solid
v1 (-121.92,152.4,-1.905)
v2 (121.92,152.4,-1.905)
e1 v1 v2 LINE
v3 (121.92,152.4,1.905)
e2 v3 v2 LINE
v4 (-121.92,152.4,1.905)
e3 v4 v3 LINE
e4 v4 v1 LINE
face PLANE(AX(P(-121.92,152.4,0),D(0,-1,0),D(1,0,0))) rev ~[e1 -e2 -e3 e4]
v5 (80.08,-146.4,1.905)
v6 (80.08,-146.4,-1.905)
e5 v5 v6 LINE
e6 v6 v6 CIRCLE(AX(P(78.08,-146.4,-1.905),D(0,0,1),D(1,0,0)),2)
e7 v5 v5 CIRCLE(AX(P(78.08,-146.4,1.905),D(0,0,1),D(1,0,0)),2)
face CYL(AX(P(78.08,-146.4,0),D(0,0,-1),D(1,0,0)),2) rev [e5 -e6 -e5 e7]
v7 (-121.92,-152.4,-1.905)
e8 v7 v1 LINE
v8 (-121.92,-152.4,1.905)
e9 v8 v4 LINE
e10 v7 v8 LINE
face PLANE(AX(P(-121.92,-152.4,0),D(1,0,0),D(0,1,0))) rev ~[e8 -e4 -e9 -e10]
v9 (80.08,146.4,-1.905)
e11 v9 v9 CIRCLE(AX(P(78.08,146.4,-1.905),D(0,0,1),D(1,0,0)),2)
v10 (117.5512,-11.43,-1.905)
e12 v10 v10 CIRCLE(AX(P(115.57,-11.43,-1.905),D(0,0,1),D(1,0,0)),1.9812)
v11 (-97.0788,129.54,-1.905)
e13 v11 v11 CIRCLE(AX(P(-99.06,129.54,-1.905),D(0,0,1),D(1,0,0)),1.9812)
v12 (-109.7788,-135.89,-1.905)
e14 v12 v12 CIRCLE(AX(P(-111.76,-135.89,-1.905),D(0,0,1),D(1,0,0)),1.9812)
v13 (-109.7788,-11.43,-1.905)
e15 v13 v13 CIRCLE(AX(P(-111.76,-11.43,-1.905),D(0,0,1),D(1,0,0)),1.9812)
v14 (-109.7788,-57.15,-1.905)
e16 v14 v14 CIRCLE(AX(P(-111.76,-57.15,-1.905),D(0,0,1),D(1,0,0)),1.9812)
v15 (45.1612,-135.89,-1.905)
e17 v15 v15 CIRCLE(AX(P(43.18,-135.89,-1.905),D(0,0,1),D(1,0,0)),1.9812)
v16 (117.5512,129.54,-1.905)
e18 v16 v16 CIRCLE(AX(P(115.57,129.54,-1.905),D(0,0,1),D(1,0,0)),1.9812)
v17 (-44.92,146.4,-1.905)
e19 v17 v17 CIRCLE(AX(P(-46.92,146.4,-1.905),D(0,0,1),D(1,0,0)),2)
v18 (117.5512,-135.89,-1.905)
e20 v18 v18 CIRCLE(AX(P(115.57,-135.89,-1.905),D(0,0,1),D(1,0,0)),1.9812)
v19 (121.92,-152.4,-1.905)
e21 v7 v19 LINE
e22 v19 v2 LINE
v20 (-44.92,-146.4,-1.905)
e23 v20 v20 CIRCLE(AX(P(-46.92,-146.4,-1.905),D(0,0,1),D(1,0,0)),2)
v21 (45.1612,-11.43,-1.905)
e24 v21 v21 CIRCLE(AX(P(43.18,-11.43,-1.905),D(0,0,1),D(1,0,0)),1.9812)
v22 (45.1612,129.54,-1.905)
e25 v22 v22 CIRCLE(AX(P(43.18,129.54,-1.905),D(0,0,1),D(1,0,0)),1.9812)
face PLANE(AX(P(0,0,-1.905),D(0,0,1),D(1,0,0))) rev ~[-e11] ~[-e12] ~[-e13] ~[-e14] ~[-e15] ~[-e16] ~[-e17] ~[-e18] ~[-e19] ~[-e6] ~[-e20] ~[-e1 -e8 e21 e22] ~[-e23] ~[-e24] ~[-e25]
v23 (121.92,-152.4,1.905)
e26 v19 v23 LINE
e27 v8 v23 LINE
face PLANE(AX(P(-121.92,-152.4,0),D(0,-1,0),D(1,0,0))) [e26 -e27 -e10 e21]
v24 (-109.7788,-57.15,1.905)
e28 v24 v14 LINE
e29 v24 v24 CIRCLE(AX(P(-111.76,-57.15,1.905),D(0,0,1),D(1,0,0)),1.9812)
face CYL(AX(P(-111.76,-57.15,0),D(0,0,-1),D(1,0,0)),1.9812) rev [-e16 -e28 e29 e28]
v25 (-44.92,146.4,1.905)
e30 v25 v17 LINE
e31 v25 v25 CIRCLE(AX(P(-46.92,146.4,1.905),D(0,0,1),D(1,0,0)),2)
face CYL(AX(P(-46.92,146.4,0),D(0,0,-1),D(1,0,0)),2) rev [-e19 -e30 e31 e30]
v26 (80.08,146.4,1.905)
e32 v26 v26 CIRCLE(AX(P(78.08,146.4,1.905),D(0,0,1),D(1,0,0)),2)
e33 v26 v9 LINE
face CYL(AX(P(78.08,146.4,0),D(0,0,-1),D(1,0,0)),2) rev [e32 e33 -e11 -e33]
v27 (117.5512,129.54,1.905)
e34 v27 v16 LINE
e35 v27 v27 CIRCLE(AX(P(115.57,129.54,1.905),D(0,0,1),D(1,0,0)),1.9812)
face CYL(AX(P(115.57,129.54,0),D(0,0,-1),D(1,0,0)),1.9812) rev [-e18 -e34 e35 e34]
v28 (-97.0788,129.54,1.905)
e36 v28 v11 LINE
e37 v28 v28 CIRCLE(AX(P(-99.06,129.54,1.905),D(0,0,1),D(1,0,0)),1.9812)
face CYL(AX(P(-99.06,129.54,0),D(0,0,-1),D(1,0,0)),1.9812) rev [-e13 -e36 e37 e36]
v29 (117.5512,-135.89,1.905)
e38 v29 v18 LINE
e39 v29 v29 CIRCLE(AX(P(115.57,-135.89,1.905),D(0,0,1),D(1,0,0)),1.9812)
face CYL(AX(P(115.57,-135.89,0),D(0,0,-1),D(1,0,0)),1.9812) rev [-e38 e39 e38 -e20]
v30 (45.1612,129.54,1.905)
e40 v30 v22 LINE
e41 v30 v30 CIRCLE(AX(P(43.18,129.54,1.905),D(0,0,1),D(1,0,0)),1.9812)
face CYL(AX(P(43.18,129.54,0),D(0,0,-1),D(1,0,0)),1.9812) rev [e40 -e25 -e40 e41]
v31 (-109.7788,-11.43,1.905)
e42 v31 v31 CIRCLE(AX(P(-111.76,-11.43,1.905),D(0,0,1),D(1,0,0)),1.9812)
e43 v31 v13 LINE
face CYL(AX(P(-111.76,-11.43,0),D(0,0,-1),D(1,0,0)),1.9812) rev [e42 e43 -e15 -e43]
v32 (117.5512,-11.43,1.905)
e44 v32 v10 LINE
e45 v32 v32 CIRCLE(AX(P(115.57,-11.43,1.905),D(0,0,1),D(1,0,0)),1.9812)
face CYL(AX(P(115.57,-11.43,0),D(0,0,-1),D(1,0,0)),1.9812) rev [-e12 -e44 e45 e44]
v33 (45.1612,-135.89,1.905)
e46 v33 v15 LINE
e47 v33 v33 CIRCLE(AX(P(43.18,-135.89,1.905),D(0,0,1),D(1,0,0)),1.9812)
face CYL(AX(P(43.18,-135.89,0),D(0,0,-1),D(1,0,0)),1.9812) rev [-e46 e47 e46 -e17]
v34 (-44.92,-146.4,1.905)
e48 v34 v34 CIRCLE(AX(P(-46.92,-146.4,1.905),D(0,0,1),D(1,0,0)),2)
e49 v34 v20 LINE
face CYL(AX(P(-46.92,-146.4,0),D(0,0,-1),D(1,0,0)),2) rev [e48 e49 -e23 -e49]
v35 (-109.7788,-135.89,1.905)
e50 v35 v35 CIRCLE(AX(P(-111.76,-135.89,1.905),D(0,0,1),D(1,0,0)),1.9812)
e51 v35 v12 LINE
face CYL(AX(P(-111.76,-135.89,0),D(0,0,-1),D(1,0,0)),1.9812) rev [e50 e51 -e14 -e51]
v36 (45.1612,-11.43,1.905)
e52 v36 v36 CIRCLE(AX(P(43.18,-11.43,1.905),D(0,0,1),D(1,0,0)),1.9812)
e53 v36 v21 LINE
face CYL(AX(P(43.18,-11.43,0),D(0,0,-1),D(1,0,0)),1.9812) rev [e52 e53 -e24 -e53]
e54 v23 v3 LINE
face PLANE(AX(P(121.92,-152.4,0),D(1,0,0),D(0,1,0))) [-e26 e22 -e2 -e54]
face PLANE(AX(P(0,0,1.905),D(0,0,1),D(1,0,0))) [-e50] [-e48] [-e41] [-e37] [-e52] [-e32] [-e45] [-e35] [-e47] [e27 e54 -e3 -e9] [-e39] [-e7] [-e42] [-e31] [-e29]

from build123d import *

# Parameters (mm, degrees)
F0_W     = 243.84
F0_H     = 304.8
F0_R     = 1.9812
F0_R_2   = 2
F1_DEPTH = 1.905


with BuildPart() as f1:
    # F0 (on Top) → F1 (new body, symmetric)
    with BuildSketch(Plane.XY):
        Rectangle(F0_W, F0_H)
        with Locations((-111.76, -135.89)):
            Circle(F0_R, mode=Mode.SUBTRACT)
        with Locations((-46.92, -146.4)):
            Circle(F0_R_2, mode=Mode.SUBTRACT)
        with Locations((-111.76, -57.15)):
            Circle(F0_R, mode=Mode.SUBTRACT)
        with Locations((-111.76, -11.43)):
            Circle(F0_R, mode=Mode.SUBTRACT)
        with Locations((43.18, -135.89)):
            Circle(F0_R, mode=Mode.SUBTRACT)
        with Locations((78.08, -146.4)):
            Circle(F0_R_2, mode=Mode.SUBTRACT)
        with Locations((115.57, -135.89)):
            Circle(F0_R, mode=Mode.SUBTRACT)
        with Locations((43.18, -11.43)):
            Circle(F0_R, mode=Mode.SUBTRACT)
        with Locations((115.57, -11.43)):
            Circle(F0_R, mode=Mode.SUBTRACT)
        with Locations((-99.06, 129.54)):
            Circle(F0_R, mode=Mode.SUBTRACT)
        with Locations((-46.92, 146.4)):
            Circle(F0_R_2, mode=Mode.SUBTRACT)
        with Locations((43.18, 129.54)):
            Circle(F0_R, mode=Mode.SUBTRACT)
        with Locations((78.08, 146.4)):
            Circle(F0_R_2, mode=Mode.SUBTRACT)
        with Locations((115.57, 129.54)):
            Circle(F0_R, mode=Mode.SUBTRACT)
    extrude(amount=F1_DEPTH, both=True)


solid = f1.part
